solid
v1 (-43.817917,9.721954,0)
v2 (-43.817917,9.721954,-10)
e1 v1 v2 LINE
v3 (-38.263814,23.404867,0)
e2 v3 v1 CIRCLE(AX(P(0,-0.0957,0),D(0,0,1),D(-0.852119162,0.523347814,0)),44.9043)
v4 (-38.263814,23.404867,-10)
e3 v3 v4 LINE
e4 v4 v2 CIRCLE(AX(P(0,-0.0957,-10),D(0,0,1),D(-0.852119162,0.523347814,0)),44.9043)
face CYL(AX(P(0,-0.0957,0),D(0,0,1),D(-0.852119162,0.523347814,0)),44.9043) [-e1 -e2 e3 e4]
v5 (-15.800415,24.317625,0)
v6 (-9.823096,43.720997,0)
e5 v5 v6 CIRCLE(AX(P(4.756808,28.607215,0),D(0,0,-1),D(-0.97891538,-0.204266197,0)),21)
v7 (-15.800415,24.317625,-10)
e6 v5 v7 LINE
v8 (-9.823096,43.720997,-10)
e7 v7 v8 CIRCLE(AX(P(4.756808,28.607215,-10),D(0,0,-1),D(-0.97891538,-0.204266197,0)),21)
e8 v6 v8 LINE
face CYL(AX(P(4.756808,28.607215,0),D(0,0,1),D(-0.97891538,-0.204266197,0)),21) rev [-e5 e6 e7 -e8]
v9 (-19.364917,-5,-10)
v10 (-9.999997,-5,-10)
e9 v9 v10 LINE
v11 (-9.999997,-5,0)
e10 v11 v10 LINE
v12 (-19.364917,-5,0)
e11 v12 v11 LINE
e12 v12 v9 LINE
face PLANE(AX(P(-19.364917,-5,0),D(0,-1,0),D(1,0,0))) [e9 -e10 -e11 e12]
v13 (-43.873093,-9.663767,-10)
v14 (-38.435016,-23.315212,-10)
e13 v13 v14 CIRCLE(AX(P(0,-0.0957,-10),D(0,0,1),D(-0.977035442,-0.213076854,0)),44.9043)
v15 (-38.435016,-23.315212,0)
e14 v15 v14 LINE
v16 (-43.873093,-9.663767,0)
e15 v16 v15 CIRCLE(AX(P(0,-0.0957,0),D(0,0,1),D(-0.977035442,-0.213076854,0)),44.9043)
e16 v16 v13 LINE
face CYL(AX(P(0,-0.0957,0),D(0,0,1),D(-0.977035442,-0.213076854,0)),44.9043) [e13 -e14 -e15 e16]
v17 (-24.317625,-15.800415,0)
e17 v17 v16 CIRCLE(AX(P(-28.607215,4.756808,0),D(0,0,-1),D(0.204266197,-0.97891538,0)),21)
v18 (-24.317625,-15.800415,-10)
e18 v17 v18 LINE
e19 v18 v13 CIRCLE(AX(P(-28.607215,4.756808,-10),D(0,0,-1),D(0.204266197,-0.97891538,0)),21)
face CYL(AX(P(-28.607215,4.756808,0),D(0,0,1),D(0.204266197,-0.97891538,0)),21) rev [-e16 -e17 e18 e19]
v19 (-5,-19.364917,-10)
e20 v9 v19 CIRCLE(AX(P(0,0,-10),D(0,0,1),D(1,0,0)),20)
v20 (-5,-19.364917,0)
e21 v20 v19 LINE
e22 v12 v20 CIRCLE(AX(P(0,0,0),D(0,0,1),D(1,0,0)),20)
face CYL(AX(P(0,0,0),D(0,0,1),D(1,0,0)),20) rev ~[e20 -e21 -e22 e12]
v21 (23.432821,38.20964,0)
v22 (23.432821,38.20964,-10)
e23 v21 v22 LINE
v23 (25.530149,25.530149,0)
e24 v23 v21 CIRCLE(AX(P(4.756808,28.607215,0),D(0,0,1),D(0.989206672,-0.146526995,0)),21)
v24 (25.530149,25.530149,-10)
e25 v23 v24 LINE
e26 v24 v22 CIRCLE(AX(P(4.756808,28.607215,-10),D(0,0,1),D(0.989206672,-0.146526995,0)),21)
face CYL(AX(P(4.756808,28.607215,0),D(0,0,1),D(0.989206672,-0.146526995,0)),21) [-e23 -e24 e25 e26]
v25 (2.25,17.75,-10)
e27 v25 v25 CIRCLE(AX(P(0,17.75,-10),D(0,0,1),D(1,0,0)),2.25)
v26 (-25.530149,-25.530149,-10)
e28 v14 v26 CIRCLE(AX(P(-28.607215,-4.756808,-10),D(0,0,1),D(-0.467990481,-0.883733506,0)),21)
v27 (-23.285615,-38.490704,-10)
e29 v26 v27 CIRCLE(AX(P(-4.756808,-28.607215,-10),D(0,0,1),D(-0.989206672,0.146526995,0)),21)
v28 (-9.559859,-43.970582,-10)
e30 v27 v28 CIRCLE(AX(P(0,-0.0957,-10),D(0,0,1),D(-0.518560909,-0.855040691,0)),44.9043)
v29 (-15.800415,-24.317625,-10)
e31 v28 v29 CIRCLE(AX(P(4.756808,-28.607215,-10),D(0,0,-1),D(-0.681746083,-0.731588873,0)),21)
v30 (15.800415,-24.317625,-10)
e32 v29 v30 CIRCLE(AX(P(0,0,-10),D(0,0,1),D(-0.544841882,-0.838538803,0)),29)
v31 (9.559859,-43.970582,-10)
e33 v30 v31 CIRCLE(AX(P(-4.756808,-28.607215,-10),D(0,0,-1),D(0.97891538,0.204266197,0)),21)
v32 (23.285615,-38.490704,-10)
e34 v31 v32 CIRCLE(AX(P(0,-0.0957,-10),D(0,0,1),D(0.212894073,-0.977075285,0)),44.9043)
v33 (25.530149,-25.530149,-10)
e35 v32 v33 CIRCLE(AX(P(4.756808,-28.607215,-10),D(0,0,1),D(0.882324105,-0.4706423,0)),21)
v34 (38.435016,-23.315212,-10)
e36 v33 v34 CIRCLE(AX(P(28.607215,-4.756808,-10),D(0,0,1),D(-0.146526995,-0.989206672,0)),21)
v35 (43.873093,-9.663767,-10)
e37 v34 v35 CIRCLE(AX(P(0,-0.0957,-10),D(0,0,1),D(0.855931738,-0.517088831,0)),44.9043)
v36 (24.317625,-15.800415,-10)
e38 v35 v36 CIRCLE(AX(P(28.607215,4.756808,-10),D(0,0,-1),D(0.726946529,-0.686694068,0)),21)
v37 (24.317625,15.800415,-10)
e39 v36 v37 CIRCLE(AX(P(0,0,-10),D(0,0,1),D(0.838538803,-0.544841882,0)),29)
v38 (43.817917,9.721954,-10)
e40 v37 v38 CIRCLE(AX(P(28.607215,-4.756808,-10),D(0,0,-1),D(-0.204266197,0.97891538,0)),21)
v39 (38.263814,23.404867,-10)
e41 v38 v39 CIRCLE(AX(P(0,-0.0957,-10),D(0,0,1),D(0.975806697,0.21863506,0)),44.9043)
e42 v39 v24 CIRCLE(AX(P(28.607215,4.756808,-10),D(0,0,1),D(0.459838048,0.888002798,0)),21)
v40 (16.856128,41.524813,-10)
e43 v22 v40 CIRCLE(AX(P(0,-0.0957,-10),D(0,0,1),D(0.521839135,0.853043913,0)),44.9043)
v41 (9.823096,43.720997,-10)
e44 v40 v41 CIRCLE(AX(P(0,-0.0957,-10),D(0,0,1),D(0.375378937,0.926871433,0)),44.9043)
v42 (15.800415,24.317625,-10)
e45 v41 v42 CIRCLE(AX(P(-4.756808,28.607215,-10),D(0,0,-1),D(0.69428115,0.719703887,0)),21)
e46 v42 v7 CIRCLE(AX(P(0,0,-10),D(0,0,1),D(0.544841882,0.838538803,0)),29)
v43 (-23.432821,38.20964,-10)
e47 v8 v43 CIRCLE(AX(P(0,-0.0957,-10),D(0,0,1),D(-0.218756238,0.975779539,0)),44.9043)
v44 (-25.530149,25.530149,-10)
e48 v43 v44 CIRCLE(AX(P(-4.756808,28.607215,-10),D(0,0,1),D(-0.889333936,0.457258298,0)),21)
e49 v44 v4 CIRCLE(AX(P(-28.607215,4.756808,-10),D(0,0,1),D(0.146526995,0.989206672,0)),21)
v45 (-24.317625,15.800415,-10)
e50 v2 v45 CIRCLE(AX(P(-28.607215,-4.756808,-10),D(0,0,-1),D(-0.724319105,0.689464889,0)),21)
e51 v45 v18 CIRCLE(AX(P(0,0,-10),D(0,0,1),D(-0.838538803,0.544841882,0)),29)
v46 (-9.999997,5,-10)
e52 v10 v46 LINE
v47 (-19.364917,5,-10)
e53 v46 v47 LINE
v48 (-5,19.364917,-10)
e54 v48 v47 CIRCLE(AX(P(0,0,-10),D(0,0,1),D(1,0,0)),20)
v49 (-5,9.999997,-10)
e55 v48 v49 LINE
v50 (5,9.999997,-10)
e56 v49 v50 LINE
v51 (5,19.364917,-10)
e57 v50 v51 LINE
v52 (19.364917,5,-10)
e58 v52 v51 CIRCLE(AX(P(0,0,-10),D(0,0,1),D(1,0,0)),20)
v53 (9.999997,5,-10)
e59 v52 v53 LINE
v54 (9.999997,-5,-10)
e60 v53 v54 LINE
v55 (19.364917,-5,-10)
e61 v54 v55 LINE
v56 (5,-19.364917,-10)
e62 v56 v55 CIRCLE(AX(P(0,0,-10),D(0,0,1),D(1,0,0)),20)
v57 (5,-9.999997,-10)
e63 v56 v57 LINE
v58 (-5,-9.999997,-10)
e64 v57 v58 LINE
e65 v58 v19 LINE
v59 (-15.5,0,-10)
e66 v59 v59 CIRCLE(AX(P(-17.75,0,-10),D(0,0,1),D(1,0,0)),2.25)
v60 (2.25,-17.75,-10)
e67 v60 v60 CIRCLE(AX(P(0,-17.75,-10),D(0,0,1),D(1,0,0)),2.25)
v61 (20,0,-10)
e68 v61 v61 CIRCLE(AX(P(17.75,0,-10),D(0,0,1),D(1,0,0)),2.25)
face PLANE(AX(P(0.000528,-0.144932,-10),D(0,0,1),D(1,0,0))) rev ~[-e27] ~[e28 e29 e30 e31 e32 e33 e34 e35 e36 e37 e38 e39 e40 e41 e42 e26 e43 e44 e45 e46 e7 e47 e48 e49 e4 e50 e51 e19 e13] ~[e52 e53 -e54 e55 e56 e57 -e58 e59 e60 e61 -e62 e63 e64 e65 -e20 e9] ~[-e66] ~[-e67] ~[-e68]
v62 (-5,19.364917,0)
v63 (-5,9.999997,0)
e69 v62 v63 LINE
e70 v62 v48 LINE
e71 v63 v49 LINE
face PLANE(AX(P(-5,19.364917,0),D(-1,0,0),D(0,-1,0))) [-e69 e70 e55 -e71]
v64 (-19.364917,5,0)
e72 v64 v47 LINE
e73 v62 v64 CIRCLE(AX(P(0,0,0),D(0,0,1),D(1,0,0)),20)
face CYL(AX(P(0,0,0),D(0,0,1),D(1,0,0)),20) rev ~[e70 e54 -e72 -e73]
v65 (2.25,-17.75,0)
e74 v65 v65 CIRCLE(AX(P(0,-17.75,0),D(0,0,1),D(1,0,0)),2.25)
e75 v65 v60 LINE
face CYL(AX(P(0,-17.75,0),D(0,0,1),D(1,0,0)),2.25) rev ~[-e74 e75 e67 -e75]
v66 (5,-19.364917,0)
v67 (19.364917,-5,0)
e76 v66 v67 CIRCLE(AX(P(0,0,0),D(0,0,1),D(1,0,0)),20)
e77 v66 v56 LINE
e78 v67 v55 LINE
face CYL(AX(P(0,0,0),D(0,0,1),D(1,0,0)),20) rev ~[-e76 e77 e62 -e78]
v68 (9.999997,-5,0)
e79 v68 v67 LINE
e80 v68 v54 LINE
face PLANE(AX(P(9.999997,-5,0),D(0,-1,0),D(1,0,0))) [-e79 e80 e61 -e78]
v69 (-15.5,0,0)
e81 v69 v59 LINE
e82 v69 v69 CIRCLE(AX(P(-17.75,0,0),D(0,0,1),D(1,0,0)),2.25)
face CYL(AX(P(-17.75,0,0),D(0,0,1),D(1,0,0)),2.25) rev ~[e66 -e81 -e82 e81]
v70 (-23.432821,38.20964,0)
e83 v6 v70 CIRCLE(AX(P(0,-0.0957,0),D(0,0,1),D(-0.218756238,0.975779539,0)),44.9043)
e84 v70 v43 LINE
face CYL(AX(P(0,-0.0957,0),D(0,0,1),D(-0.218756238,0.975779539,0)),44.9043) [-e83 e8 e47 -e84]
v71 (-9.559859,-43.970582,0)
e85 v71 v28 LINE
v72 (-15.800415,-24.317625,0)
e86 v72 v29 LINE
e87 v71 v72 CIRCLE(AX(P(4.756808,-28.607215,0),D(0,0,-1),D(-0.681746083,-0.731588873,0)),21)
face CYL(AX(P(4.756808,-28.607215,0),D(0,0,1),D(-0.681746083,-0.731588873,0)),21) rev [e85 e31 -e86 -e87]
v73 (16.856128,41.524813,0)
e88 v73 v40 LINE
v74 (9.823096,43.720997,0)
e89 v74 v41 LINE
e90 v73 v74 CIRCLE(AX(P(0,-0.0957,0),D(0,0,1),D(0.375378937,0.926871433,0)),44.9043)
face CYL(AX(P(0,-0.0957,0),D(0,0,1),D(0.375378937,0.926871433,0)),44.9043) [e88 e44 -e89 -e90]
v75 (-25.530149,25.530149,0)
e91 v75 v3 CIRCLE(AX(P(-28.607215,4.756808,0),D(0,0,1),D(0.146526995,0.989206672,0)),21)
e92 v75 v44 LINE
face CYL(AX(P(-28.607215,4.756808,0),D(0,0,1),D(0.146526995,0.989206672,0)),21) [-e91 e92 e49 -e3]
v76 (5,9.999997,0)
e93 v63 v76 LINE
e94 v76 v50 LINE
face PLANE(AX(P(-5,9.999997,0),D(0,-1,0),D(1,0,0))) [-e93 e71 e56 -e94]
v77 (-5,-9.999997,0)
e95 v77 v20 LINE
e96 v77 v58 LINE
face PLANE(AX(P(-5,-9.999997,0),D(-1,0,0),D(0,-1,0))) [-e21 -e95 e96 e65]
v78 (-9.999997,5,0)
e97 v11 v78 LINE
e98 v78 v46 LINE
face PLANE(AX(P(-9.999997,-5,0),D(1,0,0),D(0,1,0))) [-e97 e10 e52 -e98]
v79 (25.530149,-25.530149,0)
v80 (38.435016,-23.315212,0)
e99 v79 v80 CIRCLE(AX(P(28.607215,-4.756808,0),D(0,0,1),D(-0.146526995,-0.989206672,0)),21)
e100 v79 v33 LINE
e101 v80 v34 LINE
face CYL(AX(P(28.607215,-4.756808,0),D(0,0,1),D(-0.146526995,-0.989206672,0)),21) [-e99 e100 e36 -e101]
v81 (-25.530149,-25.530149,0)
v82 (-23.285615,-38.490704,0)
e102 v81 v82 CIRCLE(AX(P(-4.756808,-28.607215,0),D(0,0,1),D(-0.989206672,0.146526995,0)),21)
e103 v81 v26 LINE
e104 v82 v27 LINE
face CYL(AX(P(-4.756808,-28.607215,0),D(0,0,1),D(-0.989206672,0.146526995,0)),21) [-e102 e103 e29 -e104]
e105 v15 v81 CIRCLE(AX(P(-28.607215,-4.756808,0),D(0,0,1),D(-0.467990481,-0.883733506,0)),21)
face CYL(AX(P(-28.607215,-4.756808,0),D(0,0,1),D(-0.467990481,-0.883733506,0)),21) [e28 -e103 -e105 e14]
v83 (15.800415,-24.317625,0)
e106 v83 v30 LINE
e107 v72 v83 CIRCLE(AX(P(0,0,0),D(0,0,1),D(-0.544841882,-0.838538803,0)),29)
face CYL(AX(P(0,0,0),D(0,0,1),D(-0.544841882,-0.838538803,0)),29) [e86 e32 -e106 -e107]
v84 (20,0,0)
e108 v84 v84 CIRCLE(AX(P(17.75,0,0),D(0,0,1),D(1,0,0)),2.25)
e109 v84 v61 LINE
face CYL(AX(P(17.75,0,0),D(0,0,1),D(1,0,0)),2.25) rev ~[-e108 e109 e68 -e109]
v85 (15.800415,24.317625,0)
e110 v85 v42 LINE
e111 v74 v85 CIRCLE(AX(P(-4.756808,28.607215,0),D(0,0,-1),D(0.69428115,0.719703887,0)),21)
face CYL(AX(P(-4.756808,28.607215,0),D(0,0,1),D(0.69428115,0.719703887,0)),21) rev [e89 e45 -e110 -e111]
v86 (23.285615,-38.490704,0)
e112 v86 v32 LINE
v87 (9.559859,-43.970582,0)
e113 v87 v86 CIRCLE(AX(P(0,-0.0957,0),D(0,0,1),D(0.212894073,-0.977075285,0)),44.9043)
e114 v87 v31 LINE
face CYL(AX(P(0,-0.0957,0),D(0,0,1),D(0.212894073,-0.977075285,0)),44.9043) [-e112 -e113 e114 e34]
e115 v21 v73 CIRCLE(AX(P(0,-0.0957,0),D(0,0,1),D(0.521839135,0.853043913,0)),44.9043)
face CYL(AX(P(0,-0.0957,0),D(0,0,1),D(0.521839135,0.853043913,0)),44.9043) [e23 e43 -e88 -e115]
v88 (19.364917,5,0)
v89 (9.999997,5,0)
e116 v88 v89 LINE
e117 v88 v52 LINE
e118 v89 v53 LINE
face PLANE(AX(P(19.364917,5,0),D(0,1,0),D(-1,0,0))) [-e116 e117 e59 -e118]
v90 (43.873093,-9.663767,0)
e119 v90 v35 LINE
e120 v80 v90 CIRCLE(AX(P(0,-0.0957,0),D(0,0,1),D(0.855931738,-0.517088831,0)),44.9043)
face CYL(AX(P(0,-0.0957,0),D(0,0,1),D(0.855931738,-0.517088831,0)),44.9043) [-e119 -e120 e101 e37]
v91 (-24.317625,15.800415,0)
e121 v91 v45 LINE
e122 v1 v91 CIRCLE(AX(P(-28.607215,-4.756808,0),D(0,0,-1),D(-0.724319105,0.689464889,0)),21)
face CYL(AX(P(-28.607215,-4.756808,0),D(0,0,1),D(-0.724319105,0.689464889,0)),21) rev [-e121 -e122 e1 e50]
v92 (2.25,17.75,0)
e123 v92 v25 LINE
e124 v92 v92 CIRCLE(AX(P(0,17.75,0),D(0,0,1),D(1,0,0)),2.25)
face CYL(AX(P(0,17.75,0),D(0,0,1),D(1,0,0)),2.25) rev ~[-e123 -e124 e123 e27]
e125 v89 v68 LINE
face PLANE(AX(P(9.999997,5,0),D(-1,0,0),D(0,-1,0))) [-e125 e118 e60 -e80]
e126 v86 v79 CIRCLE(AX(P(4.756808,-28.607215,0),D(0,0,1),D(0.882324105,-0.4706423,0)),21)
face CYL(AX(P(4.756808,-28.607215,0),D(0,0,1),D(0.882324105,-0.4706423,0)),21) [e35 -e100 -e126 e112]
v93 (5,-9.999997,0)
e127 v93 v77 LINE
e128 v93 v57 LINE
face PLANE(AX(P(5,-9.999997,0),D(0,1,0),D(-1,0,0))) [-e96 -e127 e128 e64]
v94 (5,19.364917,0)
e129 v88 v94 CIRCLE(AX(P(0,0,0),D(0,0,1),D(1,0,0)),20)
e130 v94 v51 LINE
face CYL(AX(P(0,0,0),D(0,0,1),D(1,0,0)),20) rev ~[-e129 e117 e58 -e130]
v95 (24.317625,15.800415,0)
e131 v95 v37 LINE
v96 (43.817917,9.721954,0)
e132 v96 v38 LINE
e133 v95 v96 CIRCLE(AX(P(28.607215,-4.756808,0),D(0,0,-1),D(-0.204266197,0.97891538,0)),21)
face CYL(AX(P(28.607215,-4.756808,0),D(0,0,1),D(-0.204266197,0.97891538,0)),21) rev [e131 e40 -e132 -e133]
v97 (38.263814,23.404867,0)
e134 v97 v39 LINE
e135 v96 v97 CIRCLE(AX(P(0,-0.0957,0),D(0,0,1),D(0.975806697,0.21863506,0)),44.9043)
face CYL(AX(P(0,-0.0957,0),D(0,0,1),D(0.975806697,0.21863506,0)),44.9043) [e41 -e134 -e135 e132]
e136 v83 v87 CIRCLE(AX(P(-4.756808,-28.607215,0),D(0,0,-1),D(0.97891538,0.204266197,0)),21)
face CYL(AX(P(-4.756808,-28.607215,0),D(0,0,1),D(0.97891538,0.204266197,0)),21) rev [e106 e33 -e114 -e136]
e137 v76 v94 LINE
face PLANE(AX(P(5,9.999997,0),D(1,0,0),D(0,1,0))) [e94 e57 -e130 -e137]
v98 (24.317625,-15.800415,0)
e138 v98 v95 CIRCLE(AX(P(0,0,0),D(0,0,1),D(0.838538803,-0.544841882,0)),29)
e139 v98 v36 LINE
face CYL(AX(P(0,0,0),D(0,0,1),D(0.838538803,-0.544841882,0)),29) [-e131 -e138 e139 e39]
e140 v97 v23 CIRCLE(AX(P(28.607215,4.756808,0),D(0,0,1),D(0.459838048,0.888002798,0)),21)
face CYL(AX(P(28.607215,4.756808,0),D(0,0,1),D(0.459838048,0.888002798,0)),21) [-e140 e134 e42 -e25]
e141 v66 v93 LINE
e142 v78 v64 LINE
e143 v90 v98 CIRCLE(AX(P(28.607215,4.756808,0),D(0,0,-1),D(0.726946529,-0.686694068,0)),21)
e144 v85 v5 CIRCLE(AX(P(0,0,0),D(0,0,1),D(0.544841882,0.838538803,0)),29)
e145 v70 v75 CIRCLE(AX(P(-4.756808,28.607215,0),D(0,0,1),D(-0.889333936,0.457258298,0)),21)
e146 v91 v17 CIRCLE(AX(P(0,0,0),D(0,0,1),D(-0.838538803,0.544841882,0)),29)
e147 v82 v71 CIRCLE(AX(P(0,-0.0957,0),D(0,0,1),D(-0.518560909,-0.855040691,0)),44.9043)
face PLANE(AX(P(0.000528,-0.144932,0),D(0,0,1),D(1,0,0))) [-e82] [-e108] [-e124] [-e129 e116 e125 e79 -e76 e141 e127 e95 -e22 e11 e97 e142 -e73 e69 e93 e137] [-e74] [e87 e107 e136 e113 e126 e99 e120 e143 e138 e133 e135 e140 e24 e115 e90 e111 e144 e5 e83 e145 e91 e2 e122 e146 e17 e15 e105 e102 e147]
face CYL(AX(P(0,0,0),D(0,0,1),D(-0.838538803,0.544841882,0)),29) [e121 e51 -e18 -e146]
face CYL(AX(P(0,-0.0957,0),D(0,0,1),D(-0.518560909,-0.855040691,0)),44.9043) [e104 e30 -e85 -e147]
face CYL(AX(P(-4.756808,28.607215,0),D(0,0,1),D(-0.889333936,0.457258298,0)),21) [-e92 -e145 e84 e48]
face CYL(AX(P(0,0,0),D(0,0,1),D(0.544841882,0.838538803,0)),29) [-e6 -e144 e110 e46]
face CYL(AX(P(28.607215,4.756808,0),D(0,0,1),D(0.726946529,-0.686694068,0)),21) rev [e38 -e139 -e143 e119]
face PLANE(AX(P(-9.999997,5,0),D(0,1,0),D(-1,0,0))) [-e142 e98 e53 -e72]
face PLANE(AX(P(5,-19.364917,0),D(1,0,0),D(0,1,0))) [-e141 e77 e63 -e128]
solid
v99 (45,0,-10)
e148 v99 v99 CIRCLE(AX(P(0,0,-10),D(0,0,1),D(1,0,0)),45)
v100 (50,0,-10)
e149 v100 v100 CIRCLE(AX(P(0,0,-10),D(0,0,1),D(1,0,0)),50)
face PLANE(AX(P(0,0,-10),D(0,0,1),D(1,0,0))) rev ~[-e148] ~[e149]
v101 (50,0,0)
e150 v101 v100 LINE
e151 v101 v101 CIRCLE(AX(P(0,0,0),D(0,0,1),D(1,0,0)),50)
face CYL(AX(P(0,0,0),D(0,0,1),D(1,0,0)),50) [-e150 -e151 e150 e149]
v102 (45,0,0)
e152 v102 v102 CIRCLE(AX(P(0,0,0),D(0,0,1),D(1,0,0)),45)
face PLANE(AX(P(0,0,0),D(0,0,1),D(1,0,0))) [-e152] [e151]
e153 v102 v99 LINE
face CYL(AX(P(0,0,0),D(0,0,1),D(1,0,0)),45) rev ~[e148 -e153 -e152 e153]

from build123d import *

# Parameters (mm, degrees)
SKETCH6_R                    = 29
SKETCH6_R_2                  = 20
INNER_RING_DEPTH             = 10
MOTOR_CONNECTOR_CUT_DEPTH    = 10
SKETCH9_R                    = 50
SKETCH9_R_2                  = 29
OUTSIDE_RING_EXTRUSION_DEPTH = 10
SKETCH12_R                   = 45
SKETCH12_R_2                 = 27.5
CUT_EXTRUDE6_DEPTH           = 55
SKETCH8_R                    = 2.25
MOTOR_CONNECTOR_HOLES_DEPTH  = 10
SKETCH10_R                   = 27.404299948
BOSS_EXTRUDE4_DEPTH          = 10


with BuildPart() as part:
    # Sketch6 → Inner Ring (new body)
    with BuildSketch(Plane.XY):
        Circle(SKETCH6_R)
        Circle(SKETCH6_R_2, mode=Mode.SUBTRACT)
    extrude(amount=-INNER_RING_DEPTH)

    # Sketch7 → Motor Connector Cut (add)
    with BuildSketch(Plane.XY):
        with BuildLine():
            ThreePointArc((20, 0), (19.840593925, 2.52008585), (19.364916731, 5))
            Line((19.364916731, 5), (9.999996731, 5))
            Line((9.999996731, 5), (9.999996731, -5))
            Line((9.999996731, -5), (19.364916731, -5))
            ThreePointArc((19.364916731, -5), (19.840593925, -2.52008585), (20, 0))
        make_face()
        with BuildLine():
            ThreePointArc((5, 19.364916731), (0, 20), (-5, 19.364916731))
            Line((-5, 19.364916731), (-5, 9.999996731))
            Line((-5, 9.999996731), (5, 9.999996731))
            Line((5, 9.999996731), (5, 19.364916731))
        make_face()
        with BuildLine():
            Line((-9.999996731, -5), (-9.999996731, 5))
            Line((-9.999996731, 5), (-19.364916731, 5))
            ThreePointArc((-19.364916731, 5), (-20, 0), (-19.364916731, -5))
            Line((-19.364916731, -5), (-9.999996731, -5))
        make_face()
        with BuildLine():
            Line((-5, -9.999996731), (-5, -19.364916731))
            ThreePointArc((-5, -19.364916731), (0, -20), (5, -19.364916731))
            Line((5, -19.364916731), (5, -9.999996731))
            Line((5, -9.999996731), (-5, -9.999996731))
        make_face()
    extrude(amount=-MOTOR_CONNECTOR_CUT_DEPTH)

    # Sketch9 → Outside Ring Extrusion (add)
    with BuildSketch(Plane.XY):
        Circle(SKETCH9_R)
        Circle(SKETCH9_R_2, mode=Mode.SUBTRACT)
    extrude(amount=-OUTSIDE_RING_EXTRUSION_DEPTH)

    # Sketch12 → Cut-Extrude6 (cut)
    with BuildSketch(Plane.XY):
        Circle(SKETCH12_R)
        Circle(SKETCH12_R_2, mode=Mode.SUBTRACT)
    extrude(amount=-CUT_EXTRUDE6_DEPTH, mode=Mode.SUBTRACT)

    # Sketch8 → Motor Connector Holes (cut)
    with BuildSketch(Plane.XY):
        with Locations((0, 17.75)):
            Circle(SKETCH8_R)
        with Locations((17.75, 0)):
            Circle(SKETCH8_R)
        with Locations((0, -17.75)):
            Circle(SKETCH8_R)
        with Locations((-17.75, 0)):
            Circle(SKETCH8_R)
    extrude(amount=-MOTOR_CONNECTOR_HOLES_DEPTH, mode=Mode.SUBTRACT)

    # Sketch10 → Boss-Extrude4 (add)
    with BuildSketch(Plane.XY):
        with BuildLine():
            ThreePointArc((24.317625284, 15.800414568), (34.856582319, 15.291767932), (43.817916626, 9.721954269))
            ThreePointArc((43.817916626, 9.721954269), (41.607188912, 16.793289988), (38.263814419, 23.404867172))
            ThreePointArc((38.263814419, 23.404867172), (32.064348025, 25.470287935), (25.530148518, 25.530148518))
            ThreePointArc((25.530148518, 25.530148518), (25.475284033, 32.034279432), (23.432821057, 38.209639668))
            ThreePointArc((23.432821057, 38.209639668), (20.212556871, 40.002288656), (16.856128399, 41.524812789))
            ThreePointArc((16.856128399, 41.524812789), (13.384732217, 42.767397097), (9.823095744, 43.720997037))
            ThreePointArc((9.823095744, 43.720997037), (15.312499865, 34.789679765), (15.800414568, 24.317625284))
            ThreePointArc((15.800414568, 24.317625284), (0, 29), (-15.800414568, 24.317625284))
            ThreePointArc((-15.800414568, 24.317625284), (-15.312499865, 34.789679765), (-9.823095744, 43.720997037))
            ThreePointArc((-9.823095744, 43.720997037), (-16.854754984, 41.52536899), (-23.432821057, 38.209639668))
            ThreePointArc((-23.432821057, 38.209639668), (-25.475284033, 32.034279432), (-25.530148518, 25.530148518))
            ThreePointArc((-25.530148518, 25.530148518), (-32.064348025, 25.470287935), (-38.263814419, 23.404867172))
            ThreePointArc((-38.263814419, 23.404867172), (-41.607188912, 16.793289988), (-43.817916626, 9.721954269))
            ThreePointArc((-43.817916626, 9.721954269), (-34.856582319, 15.291767932), (-24.317625284, 15.800414568))
            ThreePointArc((-24.317625284, 15.800414568), (-29, 0), (-24.317625284, -15.800414568))
            ThreePointArc((-24.317625284, -15.800414568), (-34.894848495, -15.279799844), (-43.87309253, -9.663767027))
            ThreePointArc((-43.87309253, -9.663767027), (-41.716263612, -16.713446711), (-38.435015504, -23.315212041))
            ThreePointArc((-38.435015504, -23.315212041), (-32.159621016, -25.454161245), (-25.530148518, -25.530148518))
            ThreePointArc((-25.530148518, -25.530148518), (-25.448803812, -32.190695038), (-23.285614603, -38.490703716))
            ThreePointArc((-23.285614603, -38.490703716), (-16.649731385, -41.799208281), (-9.559859326, -43.970581744))
            ThreePointArc((-9.559859326, -43.970581744), (-15.258354287, -34.962784804), (-15.800414568, -24.317625284))
            ThreePointArc((-15.800414568, -24.317625284), (0, -29), (15.800414568, -24.317625284))
            ThreePointArc((15.800414568, -24.317625284), (15.258354287, -34.962784804), (9.559859326, -43.970581744))
            ThreePointArc((9.559859326, -43.970581744), (16.649731385, -41.799208281), (23.285614603, -38.490703716))
            ThreePointArc((23.285614603, -38.490703716), (25.448803812, -32.190695038), (25.530148518, -25.530148518))
            ThreePointArc((25.530148518, -25.530148518), (32.159621016, -25.454161245), (38.435015504, -23.315212041))
            ThreePointArc((38.435015504, -23.315212041), (41.716263612, -16.713446711), (43.87309253, -9.663767027))
            ThreePointArc((43.87309253, -9.663767027), (34.894848495, -15.279799844), (24.317625284, -15.800414568))
            ThreePointArc((24.317625284, -15.800414568), (29, 0), (24.317625284, 15.800414568))
        make_face()
        with Locations((-0.095700052, 0)):
            Circle(SKETCH10_R, mode=Mode.SUBTRACT)
    extrude(amount=-BOSS_EXTRUDE4_DEPTH)


solid = part.part
